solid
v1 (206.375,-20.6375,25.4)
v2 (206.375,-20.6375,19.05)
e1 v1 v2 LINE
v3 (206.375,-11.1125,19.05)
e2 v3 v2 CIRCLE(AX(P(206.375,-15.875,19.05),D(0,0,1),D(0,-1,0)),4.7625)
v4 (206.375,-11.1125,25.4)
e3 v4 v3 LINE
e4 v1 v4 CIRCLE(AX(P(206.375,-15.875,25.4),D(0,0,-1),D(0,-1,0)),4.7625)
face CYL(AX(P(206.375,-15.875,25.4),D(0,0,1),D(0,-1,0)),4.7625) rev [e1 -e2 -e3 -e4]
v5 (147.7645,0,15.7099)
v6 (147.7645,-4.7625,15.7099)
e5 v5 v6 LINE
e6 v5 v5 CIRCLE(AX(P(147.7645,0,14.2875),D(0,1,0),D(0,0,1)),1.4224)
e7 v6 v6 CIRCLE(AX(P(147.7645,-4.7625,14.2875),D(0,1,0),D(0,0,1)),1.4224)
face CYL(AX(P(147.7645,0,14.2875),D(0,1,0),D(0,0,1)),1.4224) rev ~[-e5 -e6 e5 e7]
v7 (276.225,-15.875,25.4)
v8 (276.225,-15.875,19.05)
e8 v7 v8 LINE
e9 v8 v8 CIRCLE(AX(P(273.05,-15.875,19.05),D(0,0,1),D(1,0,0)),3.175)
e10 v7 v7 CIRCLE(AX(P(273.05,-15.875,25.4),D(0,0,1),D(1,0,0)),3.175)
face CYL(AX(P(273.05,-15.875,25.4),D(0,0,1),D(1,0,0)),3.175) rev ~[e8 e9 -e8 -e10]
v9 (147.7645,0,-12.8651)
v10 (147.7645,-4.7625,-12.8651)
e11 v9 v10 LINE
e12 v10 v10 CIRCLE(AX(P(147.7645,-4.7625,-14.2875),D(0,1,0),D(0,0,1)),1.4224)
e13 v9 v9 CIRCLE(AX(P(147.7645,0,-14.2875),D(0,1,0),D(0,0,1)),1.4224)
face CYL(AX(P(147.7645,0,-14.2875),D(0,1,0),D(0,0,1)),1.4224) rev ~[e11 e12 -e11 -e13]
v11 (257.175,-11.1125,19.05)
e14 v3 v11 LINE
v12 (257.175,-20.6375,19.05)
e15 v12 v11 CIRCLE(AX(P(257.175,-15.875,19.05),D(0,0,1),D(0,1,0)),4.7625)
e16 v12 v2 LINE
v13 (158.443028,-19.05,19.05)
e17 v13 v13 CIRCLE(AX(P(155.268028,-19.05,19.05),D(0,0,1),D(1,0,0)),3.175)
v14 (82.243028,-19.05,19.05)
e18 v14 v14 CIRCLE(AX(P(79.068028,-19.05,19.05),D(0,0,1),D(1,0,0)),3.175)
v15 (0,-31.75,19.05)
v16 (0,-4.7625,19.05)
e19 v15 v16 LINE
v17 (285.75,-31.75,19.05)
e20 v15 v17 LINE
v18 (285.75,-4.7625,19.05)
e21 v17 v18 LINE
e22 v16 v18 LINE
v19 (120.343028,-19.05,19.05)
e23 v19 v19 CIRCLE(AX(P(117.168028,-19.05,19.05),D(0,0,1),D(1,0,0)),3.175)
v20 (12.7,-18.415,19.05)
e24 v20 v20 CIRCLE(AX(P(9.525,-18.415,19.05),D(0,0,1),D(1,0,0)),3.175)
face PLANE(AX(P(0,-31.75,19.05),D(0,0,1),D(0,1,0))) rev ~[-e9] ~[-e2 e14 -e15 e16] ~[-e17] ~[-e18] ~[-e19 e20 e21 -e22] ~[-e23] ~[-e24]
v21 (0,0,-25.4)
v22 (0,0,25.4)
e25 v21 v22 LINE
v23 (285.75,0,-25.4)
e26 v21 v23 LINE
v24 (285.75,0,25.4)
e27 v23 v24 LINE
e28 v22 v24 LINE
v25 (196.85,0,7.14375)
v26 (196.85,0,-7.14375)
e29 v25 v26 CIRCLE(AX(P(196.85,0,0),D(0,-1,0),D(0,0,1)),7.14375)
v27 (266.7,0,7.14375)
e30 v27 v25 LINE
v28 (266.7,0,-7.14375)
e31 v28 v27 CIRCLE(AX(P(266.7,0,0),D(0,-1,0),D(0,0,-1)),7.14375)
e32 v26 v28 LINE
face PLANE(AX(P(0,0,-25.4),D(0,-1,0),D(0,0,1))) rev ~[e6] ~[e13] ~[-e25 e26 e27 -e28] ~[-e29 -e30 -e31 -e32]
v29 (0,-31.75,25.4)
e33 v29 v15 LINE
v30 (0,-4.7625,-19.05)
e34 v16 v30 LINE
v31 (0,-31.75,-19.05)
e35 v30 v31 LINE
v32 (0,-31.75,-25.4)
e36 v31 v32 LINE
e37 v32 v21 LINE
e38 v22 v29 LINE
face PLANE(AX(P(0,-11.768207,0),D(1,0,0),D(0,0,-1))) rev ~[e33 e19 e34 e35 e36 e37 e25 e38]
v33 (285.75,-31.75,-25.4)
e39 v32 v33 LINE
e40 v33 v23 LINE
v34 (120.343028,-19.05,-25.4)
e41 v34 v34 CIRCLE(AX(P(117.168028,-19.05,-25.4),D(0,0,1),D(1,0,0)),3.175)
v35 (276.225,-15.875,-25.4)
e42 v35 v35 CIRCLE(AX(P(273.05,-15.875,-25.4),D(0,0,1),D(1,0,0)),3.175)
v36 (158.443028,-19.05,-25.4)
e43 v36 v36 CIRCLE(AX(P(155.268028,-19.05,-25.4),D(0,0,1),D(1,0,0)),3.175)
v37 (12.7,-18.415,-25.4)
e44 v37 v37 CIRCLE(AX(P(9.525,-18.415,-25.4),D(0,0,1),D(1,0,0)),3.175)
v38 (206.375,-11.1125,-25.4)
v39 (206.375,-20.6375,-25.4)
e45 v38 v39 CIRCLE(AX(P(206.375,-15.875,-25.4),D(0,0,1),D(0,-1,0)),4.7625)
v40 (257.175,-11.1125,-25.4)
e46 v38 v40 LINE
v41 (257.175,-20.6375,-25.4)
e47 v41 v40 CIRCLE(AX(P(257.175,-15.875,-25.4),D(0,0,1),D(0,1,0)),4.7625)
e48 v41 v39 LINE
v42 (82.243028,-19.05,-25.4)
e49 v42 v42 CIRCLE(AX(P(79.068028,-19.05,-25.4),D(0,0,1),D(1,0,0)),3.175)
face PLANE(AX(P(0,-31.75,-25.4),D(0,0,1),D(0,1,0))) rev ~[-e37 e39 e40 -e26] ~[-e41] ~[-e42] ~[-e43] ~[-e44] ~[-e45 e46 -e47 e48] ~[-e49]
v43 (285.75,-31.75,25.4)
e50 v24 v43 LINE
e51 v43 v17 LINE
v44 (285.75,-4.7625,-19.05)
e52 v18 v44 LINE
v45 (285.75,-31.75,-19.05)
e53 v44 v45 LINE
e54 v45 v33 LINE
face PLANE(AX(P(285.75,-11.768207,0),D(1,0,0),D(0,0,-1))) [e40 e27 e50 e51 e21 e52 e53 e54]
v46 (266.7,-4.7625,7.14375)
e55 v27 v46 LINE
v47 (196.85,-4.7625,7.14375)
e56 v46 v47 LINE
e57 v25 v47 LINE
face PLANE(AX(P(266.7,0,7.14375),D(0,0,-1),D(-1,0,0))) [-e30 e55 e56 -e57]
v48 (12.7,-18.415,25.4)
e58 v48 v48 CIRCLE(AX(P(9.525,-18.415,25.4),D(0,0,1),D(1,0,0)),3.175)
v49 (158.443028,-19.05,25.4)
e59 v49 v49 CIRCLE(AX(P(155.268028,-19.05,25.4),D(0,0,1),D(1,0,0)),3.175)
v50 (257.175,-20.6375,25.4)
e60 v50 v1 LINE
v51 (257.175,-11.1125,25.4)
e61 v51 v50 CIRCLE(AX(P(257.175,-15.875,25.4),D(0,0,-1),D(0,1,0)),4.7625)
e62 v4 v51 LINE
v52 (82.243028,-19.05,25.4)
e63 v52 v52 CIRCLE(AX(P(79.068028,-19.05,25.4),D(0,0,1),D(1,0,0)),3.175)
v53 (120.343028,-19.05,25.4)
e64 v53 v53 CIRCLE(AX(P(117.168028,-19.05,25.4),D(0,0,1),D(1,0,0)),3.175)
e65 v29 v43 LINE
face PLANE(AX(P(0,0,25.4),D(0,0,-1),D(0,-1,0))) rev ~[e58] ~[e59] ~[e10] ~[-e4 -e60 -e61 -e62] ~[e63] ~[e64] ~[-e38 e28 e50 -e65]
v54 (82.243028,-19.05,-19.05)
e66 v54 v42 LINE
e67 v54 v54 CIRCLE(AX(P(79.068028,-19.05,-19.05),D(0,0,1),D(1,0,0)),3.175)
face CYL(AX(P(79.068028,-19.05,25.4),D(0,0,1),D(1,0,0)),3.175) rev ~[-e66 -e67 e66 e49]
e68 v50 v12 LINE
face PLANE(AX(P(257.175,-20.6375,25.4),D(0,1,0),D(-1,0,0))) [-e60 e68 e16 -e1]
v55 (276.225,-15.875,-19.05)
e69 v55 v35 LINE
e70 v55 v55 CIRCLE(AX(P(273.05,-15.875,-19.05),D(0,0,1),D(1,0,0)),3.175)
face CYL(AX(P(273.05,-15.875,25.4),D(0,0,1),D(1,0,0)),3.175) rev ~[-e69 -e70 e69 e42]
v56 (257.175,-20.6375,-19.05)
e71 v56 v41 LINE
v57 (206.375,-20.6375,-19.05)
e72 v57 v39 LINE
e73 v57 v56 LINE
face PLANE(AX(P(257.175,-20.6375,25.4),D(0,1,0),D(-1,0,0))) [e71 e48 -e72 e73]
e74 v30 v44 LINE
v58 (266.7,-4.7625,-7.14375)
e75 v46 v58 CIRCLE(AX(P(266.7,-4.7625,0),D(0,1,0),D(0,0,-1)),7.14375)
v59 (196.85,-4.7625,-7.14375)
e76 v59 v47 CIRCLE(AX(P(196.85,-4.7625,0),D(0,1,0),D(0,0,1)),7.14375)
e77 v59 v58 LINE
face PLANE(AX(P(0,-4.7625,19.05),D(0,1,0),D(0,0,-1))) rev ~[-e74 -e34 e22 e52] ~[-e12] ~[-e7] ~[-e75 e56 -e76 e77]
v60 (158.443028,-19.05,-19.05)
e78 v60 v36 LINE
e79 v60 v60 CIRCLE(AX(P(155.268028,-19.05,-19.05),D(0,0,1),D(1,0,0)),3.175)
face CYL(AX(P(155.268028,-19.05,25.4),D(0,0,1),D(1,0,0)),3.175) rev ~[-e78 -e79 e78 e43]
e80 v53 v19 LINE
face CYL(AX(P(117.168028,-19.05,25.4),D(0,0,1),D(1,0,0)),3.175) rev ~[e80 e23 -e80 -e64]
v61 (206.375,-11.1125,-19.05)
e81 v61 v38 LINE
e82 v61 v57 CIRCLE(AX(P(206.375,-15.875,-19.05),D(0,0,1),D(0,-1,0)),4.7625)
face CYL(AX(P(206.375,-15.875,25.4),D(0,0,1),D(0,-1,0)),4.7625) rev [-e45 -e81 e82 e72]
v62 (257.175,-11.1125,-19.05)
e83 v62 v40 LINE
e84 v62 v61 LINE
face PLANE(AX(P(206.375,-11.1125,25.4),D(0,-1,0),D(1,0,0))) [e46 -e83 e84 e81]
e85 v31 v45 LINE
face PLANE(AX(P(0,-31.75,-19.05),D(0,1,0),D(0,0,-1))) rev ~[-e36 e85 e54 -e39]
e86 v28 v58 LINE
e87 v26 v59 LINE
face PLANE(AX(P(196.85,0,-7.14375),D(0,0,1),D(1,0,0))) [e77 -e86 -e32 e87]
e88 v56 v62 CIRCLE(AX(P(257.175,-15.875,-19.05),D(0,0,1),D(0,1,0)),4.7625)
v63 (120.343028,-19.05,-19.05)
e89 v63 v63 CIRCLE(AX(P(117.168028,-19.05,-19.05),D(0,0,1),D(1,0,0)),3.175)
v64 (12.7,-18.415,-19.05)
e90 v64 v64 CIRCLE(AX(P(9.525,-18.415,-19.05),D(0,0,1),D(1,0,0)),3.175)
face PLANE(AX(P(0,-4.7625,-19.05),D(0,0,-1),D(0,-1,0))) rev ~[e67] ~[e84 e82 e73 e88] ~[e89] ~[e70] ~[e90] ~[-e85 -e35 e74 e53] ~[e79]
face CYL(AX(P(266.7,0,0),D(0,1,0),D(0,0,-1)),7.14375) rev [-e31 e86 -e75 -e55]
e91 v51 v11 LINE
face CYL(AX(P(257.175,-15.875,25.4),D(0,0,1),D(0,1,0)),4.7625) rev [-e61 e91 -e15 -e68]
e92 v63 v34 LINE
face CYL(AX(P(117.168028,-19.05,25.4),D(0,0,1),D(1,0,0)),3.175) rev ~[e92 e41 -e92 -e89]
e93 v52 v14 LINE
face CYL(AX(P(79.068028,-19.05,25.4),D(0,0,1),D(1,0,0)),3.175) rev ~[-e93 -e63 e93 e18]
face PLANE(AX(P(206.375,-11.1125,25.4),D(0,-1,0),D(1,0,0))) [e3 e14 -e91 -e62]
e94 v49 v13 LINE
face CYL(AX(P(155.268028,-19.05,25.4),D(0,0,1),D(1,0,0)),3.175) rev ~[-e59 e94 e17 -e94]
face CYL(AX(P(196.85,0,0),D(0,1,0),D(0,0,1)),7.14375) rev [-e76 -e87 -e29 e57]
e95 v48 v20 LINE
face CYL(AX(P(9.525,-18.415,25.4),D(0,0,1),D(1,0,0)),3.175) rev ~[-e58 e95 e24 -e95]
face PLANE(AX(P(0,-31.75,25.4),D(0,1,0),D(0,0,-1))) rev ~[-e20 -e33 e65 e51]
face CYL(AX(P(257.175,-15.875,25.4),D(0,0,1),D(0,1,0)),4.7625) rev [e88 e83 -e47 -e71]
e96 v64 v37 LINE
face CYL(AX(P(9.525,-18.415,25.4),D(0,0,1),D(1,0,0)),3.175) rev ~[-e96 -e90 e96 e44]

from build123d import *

# Parameters (mm, degrees)
BOSS_EXTRUDE1_DEPTH = 285.75
SKETCH2_R           = 3.175
CUT_EXTRUDE1_DEPTH  = 292.961923887
SKETCH3_R           = 1.4224
CUT_EXTRUDE2_DEPTH  = 6.35
SKETCH4_R           = 3.175
CUT_EXTRUDE3_DEPTH  = 292.961923887


with BuildPart() as part:
    # Sketch1 → Boss-Extrude1 (new body)
    with BuildSketch(Plane(origin=(0, 0, 0), x_dir=(0, 0, -1), z_dir=(1, 0, 0))):
        Polygon((-19.05, -31.75), (-19.05, -4.7625), (19.05, -4.7625), (19.05, -31.75), (25.4, -31.75), (25.4, 0), (-25.4, 0), (-25.4, -31.75), align=None)
    extrude(amount=BOSS_EXTRUDE1_DEPTH)

    # Sketch2 → Cut-Extrude1 (cut, through all)
    with BuildSketch(Plane.XY.offset(25.4)):
        with Locations((9.525, -18.415)):
            Circle(SKETCH2_R)
        with Locations((79.068028046, -19.05)):
            Circle(SKETCH2_R)
        with Locations((117.168028046, -19.05)):
            Circle(SKETCH2_R)
        with Locations((155.268028046, -19.05)):
            Circle(SKETCH2_R)
        with BuildLine():
            Line((206.375, -11.1125), (257.175, -11.1125))
            ThreePointArc((257.175, -11.1125), (261.9375, -15.875), (257.175, -20.6375))
            Line((257.175, -20.6375), (206.375, -20.6375))
            ThreePointArc((206.375, -20.6375), (201.6125, -15.875), (206.375, -11.1125))
        make_face()
    extrude(amount=-CUT_EXTRUDE1_DEPTH, mode=Mode.SUBTRACT)

    # Sketch3 → Cut-Extrude2 (cut)
    with BuildSketch(Plane(origin=(0, 0, 0), x_dir=(1, 0, 0), z_dir=(0, 1, 0))):
        with Locations(Location((147.7645, 14.2875, 0), (0, 0, 270))):
            Circle(SKETCH3_R)
        with Locations(Location((147.7645, -14.2875, 0), (0, 0, 270))):
            Circle(SKETCH3_R)
        with BuildLine():
            Line((196.85, 7.14375), (266.7, 7.14375))
            ThreePointArc((266.7, 7.14375), (273.84375, 0), (266.7, -7.14375))
            Line((266.7, -7.14375), (196.85, -7.14375))
            ThreePointArc((196.85, -7.14375), (189.70625, 0), (196.85, 7.14375))
        make_face()
    extrude(amount=-CUT_EXTRUDE2_DEPTH, mode=Mode.SUBTRACT)

    # Sketch4 → Cut-Extrude3 (cut, through all)
    with BuildSketch(Plane.XY.offset(25.4)):
        with Locations((273.05, -15.875)):
            Circle(SKETCH4_R)
    extrude(amount=-CUT_EXTRUDE3_DEPTH, mode=Mode.SUBTRACT)


solid = part.part
